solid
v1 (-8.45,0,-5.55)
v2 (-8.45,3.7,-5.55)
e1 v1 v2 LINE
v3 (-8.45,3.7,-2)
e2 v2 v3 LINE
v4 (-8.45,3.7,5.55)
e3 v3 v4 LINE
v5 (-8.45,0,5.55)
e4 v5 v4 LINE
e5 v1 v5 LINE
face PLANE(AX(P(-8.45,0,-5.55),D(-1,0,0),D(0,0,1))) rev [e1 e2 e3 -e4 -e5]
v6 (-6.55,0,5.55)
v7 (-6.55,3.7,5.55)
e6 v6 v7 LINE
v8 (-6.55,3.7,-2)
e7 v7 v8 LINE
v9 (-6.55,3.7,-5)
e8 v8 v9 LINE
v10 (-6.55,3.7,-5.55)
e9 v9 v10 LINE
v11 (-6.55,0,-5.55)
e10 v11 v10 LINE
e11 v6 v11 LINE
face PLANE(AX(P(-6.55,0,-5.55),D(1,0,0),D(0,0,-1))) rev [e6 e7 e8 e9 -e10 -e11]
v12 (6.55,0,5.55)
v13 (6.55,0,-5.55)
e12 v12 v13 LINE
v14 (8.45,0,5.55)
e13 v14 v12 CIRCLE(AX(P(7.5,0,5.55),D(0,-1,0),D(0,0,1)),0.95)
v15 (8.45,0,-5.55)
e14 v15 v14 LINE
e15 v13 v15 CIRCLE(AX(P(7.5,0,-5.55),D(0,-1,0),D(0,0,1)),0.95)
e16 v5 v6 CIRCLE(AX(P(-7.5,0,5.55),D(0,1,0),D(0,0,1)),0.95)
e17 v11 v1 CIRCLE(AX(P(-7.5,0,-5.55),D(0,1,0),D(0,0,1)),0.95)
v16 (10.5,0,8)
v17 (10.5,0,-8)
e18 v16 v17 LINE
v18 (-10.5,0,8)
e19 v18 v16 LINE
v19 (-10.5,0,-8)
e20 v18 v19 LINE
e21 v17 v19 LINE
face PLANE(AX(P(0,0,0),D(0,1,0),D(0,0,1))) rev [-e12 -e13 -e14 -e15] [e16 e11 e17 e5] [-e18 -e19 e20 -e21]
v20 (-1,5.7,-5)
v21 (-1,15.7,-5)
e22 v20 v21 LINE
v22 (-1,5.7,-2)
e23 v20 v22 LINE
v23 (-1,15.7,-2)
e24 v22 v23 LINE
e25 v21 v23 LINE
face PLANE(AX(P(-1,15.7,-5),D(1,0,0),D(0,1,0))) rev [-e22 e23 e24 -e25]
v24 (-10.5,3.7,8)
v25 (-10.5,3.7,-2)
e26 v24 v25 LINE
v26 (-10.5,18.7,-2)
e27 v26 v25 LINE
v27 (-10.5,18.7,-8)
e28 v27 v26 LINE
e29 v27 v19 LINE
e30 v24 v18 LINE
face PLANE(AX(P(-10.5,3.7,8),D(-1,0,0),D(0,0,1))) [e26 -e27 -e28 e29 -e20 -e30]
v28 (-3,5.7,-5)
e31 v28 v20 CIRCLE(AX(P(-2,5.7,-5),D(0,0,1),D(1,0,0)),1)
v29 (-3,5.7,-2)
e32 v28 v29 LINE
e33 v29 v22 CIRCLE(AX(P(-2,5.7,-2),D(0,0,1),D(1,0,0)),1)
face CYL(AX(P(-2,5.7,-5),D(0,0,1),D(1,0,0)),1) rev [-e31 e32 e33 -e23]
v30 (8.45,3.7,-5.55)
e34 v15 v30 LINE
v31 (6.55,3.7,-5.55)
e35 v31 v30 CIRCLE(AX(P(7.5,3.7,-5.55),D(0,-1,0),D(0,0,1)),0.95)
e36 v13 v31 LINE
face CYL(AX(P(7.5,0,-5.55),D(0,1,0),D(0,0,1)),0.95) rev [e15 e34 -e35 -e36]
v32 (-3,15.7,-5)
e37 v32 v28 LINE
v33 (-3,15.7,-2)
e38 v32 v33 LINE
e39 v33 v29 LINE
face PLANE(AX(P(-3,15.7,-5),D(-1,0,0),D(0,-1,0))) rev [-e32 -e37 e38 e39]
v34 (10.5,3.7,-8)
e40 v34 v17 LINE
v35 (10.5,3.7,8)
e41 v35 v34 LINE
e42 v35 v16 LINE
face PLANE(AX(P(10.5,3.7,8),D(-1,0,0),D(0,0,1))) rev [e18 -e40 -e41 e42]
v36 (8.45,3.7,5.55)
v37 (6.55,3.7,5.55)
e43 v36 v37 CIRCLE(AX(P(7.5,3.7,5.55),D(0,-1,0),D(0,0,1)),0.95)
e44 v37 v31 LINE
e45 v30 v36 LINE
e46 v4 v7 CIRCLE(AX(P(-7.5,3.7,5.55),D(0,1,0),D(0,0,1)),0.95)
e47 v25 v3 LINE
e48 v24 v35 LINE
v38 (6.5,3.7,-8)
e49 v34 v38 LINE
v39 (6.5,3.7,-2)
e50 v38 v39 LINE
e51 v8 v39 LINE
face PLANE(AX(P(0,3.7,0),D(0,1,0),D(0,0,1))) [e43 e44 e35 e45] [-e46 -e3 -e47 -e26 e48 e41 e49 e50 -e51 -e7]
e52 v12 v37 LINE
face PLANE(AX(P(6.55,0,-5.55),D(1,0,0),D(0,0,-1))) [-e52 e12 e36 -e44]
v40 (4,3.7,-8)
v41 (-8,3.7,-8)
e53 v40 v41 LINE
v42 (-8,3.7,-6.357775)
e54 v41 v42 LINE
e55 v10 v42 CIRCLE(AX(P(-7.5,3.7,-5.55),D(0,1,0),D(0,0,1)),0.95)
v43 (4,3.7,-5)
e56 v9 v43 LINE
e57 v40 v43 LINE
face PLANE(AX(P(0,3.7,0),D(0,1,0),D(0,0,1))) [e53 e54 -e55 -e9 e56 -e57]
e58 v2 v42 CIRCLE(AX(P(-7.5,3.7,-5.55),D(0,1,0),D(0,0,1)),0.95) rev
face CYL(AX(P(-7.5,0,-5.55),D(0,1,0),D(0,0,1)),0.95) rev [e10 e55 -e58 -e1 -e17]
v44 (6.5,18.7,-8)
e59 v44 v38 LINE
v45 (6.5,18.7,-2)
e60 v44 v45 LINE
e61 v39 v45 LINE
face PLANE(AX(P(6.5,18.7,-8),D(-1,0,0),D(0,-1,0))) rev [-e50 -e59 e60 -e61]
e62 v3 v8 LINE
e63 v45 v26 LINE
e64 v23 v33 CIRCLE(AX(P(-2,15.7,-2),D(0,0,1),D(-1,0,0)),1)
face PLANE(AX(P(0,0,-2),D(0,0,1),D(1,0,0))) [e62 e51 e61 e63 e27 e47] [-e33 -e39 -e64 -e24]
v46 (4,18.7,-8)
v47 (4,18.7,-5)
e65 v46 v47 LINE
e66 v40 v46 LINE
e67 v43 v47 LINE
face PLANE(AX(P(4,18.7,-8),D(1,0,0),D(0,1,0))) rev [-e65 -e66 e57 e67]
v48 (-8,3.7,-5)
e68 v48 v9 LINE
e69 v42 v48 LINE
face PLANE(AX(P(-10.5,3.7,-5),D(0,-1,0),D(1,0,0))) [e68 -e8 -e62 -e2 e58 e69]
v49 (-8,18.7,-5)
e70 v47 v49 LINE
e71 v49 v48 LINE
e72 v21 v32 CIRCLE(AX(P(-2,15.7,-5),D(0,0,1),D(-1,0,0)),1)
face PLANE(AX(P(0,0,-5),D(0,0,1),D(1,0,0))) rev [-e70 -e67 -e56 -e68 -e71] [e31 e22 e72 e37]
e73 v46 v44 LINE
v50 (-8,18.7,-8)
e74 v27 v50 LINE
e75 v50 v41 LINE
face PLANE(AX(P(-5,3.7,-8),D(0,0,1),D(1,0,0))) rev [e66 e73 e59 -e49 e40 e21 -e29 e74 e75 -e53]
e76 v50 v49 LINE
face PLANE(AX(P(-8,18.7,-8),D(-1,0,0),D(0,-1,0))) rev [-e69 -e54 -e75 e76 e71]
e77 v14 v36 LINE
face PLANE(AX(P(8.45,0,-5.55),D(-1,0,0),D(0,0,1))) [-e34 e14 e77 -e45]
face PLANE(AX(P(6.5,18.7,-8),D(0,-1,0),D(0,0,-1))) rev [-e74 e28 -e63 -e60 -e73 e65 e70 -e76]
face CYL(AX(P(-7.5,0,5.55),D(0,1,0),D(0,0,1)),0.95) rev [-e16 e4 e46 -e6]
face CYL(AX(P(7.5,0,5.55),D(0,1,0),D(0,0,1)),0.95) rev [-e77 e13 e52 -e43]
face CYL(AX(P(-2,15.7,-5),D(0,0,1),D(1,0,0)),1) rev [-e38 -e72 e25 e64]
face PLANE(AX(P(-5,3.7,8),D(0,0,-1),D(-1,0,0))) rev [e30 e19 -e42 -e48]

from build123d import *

# Parameters (mm, degrees)
SKETCH1_W           = 10
SKETCH1_H           = 16
BOSS_EXTRUDE1_DEPTH = 3.7
SKETCH5_W           = 5.5
SKETCH5_H           = 16
BOSS_EXTRUDE2_DEPTH = 3.7
CUT_EXTRUDE4_DEPTH  = 4.7
BOSS_EXTRUDE3_START = -2
SKETCH7_W           = 17
SKETCH7_H           = 15
BOSS_EXTRUDE3_DEPTH = 3
SKETCH8_W           = 2.5
SKETCH8_H           = 15
BOSS_EXTRUDE5_DEPTH = 3


with BuildPart() as part:
    # Sketch1 → Boss-Extrude1 (new body)
    with BuildSketch(Plane(origin=(0, 0, 0), x_dir=(1, 0, 0), z_dir=(0, 1, 0))):
        Rectangle(SKETCH1_W, SKETCH1_H)
    extrude(amount=BOSS_EXTRUDE1_DEPTH)

    # Sketch5 → Boss-Extrude2 (add)
    with BuildSketch(Plane.XZ):
        with Locations((-7.75, 0)):
            Rectangle(SKETCH5_W, SKETCH5_H)
    boss_extrude2 = extrude(amount=-BOSS_EXTRUDE2_DEPTH)

    # Sketch6 → Cut-Extrude4 (cut, through all)
    with BuildSketch(Plane(origin=(0, 3.7, 0), x_dir=(1, 0, 0), z_dir=(0, 1, 0))):
        with BuildLine():
            Line((-6.55, 5.55), (-6.55, -5.55))
            ThreePointArc((-6.55, -5.55), (-7.5, -6.5), (-8.45, -5.55))
            Line((-8.45, -5.55), (-8.45, 5.55))
            ThreePointArc((-8.45, 5.55), (-7.5, 6.5), (-6.55, 5.55))
        make_face()
    cut_extrude4 = extrude(amount=-CUT_EXTRUDE4_DEPTH, mode=Mode.SUBTRACT)

    # Mirror1: Boss-Extrude2, Cut-Extrude4 across plane
    add(boss_extrude2.mirror(Plane(origin=(0, 0, 0), x_dir=(0, 0, 1), z_dir=(1, 0, 0))))
    add(cut_extrude4.mirror(Plane(origin=(0, 0, 0), x_dir=(0, 0, 1), z_dir=(1, 0, 0))), mode=Mode.SUBTRACT)



with BuildPart() as body_2:
    # Sketch7 → Boss-Extrude3 (new body)
    with BuildSketch(Plane.XY.offset(BOSS_EXTRUDE3_START)):
        with Locations((-2, 11.2)):
            Rectangle(SKETCH7_W, SKETCH7_H)
        with BuildLine():
            Line((-3, 15.7), (-3, 5.7))
            ThreePointArc((-3, 5.7), (-2, 4.7), (-1, 5.7))
            Line((-1, 5.7), (-1, 15.7))
            ThreePointArc((-1, 15.7), (-2, 16.7), (-3, 15.7))
        make_face(mode=Mode.SUBTRACT)
    extrude(amount=-BOSS_EXTRUDE3_DEPTH)


with BuildPart() as part_1:
    add(part.part)

    add(body_2.part)  # Boss-Extrude5 merges body 2
    # Sketch8 → Boss-Extrude5 (add)
    with BuildSketch(Plane(origin=(0, 0, -5), x_dir=(-1, 0, 0), z_dir=(0, 0, -1))):
        with Locations((-5.25, 11.2)):
            Rectangle(SKETCH8_W, SKETCH8_H)
        with Locations((9.25, 11.2)):
            Rectangle(SKETCH8_W, SKETCH8_H)
    extrude(amount=BOSS_EXTRUDE5_DEPTH)


solid = part_1.part
